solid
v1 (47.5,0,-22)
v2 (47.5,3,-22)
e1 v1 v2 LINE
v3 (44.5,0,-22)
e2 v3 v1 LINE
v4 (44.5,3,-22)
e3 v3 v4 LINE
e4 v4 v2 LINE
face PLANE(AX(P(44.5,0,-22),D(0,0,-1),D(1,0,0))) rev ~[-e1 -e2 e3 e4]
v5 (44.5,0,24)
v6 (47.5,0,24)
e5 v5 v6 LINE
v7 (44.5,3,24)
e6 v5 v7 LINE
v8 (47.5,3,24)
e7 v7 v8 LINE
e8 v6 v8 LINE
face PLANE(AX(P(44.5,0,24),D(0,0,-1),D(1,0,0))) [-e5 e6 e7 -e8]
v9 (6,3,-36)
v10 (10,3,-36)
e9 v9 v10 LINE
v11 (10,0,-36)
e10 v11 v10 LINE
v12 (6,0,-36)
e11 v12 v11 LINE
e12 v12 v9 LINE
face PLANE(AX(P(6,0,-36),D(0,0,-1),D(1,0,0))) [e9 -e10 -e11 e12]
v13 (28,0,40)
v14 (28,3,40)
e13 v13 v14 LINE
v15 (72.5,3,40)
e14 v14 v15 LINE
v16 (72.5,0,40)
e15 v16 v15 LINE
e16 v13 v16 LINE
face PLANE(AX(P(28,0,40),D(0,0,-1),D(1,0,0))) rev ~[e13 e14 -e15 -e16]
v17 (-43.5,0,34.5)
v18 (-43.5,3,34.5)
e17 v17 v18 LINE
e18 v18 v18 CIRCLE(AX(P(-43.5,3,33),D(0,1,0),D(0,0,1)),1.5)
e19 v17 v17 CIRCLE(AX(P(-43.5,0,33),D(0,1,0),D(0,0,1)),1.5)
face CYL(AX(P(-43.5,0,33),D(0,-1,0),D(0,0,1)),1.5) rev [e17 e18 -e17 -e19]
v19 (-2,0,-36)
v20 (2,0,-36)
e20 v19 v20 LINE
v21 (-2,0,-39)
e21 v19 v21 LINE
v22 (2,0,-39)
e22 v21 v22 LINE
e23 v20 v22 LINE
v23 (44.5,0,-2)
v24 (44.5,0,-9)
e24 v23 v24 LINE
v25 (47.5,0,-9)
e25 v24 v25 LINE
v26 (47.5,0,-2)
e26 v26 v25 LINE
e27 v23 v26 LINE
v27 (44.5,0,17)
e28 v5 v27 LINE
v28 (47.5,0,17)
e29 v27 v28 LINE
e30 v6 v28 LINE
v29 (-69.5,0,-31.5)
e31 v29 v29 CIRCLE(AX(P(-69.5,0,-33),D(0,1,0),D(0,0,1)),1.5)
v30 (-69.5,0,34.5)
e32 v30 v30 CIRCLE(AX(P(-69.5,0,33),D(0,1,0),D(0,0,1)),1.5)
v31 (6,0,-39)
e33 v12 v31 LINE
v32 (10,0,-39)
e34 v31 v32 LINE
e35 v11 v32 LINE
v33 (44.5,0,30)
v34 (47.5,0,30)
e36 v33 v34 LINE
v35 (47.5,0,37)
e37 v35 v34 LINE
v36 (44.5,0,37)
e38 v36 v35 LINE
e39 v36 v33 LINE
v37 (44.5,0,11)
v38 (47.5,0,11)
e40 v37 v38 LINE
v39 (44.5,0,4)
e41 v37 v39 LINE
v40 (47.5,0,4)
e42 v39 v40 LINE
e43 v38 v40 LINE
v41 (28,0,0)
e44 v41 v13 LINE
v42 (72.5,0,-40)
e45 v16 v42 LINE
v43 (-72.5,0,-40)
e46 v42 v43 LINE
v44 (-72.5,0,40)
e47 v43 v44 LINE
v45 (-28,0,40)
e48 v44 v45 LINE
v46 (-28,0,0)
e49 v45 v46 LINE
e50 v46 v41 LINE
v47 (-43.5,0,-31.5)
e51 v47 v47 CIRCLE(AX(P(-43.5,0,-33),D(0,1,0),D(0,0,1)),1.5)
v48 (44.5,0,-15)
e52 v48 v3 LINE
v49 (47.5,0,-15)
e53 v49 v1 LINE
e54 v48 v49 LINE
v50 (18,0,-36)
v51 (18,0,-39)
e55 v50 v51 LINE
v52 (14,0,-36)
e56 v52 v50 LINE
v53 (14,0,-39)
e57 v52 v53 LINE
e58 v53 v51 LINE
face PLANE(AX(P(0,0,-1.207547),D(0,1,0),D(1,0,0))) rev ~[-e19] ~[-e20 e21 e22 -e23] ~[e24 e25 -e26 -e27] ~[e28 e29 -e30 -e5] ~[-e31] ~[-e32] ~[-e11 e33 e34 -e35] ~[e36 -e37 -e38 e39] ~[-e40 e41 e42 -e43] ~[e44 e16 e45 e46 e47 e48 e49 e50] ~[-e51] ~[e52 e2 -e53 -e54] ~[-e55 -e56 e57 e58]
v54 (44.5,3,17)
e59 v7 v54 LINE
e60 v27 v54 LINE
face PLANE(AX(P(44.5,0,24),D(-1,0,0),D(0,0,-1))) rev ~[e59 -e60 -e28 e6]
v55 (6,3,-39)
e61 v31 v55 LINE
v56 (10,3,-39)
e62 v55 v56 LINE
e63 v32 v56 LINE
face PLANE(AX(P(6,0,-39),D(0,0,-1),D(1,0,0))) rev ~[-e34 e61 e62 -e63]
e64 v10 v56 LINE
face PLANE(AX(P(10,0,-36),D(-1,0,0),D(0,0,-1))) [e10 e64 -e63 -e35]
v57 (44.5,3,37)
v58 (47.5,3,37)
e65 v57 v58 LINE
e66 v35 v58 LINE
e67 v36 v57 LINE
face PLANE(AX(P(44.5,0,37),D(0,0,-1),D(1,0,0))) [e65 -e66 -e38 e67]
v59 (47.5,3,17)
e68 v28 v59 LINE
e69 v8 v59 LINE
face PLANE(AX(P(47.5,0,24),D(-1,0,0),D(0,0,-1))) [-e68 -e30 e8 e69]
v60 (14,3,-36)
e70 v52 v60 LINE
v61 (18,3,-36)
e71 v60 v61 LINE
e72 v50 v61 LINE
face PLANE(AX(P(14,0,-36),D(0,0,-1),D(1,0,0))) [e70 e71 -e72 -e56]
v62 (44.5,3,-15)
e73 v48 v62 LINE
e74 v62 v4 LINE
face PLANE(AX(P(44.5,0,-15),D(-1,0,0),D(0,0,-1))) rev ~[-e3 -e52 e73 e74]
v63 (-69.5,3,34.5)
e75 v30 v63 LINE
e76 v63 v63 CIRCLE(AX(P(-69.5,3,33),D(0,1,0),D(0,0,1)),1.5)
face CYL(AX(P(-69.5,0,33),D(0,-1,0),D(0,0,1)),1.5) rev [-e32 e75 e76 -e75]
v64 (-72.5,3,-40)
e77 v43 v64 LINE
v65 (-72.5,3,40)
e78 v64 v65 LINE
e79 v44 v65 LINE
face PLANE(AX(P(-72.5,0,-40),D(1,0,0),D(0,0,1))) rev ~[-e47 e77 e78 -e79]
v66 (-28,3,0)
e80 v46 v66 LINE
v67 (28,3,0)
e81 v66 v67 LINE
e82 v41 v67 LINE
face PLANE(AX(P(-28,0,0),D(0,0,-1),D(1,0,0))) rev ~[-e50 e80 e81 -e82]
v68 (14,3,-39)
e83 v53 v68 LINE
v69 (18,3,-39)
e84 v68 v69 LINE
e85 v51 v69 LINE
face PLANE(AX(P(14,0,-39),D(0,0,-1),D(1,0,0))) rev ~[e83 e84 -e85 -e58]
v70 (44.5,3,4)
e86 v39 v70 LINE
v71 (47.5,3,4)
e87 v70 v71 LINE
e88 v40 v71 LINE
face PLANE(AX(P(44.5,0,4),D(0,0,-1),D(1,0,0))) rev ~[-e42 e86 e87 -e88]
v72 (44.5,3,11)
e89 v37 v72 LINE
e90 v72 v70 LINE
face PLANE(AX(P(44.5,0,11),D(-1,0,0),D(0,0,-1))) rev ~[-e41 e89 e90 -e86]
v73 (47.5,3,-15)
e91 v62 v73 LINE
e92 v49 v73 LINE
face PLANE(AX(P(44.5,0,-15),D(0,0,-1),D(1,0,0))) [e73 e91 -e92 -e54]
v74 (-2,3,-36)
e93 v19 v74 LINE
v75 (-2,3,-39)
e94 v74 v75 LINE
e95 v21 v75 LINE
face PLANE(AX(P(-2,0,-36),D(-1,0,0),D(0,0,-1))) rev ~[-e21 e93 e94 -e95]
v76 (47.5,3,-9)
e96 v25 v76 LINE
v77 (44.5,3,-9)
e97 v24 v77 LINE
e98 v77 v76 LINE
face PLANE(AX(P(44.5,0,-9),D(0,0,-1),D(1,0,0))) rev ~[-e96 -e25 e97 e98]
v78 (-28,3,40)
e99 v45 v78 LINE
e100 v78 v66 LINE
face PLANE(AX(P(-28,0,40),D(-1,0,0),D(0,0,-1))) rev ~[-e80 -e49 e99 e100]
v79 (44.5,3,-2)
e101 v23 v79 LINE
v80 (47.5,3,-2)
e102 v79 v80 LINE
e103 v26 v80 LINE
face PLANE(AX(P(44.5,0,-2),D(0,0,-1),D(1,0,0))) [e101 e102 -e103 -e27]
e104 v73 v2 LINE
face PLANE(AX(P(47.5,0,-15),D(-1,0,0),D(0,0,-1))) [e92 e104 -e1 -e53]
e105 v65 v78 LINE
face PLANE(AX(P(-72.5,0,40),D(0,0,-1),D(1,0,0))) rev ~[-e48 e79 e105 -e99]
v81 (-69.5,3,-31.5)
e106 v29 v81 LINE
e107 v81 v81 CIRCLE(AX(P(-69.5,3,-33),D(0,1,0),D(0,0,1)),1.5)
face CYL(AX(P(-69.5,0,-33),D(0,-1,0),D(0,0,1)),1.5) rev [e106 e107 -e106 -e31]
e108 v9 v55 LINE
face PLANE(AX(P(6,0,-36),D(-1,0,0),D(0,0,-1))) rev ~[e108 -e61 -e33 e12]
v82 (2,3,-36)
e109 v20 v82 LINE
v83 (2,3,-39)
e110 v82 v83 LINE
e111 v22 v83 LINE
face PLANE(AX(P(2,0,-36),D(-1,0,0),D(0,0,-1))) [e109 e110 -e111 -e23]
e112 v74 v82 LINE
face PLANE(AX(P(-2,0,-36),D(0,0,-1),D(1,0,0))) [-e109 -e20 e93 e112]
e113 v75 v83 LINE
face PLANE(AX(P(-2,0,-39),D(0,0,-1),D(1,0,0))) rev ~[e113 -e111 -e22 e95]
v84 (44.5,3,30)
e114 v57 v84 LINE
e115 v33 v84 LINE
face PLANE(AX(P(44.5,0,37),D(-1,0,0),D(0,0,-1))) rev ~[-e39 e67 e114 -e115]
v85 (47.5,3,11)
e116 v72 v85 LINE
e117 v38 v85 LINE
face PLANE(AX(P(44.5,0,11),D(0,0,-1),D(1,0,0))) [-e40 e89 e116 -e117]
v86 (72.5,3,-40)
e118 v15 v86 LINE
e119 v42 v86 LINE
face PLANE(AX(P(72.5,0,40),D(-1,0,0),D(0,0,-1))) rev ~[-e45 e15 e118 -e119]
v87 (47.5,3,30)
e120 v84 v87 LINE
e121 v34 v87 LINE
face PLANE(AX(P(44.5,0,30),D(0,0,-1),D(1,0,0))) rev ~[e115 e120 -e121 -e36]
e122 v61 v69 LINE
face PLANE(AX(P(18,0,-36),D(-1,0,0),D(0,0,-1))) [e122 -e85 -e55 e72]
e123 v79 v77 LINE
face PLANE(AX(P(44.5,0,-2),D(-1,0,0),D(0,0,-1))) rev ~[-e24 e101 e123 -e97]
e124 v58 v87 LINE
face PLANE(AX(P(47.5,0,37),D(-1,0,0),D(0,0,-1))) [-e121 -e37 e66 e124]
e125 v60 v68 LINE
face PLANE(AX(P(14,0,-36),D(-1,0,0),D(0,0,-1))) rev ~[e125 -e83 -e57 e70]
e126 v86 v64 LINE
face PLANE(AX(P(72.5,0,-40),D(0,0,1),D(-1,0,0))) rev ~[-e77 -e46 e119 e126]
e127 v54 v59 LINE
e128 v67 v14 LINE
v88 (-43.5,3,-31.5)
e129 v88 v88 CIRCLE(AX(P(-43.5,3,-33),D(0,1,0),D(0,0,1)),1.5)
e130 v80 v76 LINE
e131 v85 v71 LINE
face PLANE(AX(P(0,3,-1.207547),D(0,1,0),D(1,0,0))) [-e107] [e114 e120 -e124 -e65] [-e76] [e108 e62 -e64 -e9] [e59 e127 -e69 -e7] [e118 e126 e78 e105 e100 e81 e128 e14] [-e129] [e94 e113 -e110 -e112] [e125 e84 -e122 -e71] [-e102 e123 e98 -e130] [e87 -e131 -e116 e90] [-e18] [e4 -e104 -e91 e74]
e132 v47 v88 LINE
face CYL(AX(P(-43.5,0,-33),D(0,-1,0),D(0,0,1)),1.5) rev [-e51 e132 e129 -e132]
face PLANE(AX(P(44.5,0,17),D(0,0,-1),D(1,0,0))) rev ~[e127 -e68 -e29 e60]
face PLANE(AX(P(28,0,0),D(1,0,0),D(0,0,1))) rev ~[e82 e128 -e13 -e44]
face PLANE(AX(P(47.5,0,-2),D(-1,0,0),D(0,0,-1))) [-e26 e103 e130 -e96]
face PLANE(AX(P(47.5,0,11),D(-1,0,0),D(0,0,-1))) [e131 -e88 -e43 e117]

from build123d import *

# Parameters (mm, degrees)
SKETCH1_R           = 1.5
SKETCH1_W           = 3
SKETCH1_H           = 7
SKETCH1_W_2         = 4
SKETCH1_H_2         = 3
BOSS_EXTRUDE1_DEPTH = 3


with BuildPart() as part:
    # Sketch1 → Boss-Extrude1 (new body)
    with BuildSketch(Plane(origin=(0, 0, 0), x_dir=(1, 0, 0), z_dir=(0, 1, 0))):
        Polygon((-72.5, -40), (-28, -40), (-28, 0), (28, 0), (28, -40), (72.5, -40), (72.5, 40), (-72.5, 40), align=None)
        with Locations(Location((-69.5, 33, 0), (0, 0, 270))):
            Circle(SKETCH1_R, mode=Mode.SUBTRACT)
        with Locations(Location((-43.5, 33, 0), (0, 0, 270))):
            Circle(SKETCH1_R, mode=Mode.SUBTRACT)
        with Locations(Location((-43.5, -33, 0), (0, 0, 270))):
            Circle(SKETCH1_R, mode=Mode.SUBTRACT)
        with Locations(Location((-69.5, -33, 0), (0, 0, 270))):
            Circle(SKETCH1_R, mode=Mode.SUBTRACT)
        with Locations((46, 5.5)):
            Rectangle(SKETCH1_W, SKETCH1_H, mode=Mode.SUBTRACT)
        with Locations((46, 18.5)):
            Rectangle(SKETCH1_W, SKETCH1_H, mode=Mode.SUBTRACT)
        with Locations((46, -7.5)):
            Rectangle(SKETCH1_W, SKETCH1_H, mode=Mode.SUBTRACT)
        with Locations((46, -20.5)):
            Rectangle(SKETCH1_W, SKETCH1_H, mode=Mode.SUBTRACT)
        with Locations((46, -33.5)):
            Rectangle(SKETCH1_W, SKETCH1_H, mode=Mode.SUBTRACT)
        with Locations((0, 37.5)):
            Rectangle(SKETCH1_W_2, SKETCH1_H_2, mode=Mode.SUBTRACT)
        with Locations((8, 37.5)):
            Rectangle(SKETCH1_W_2, SKETCH1_H_2, mode=Mode.SUBTRACT)
        with Locations((16, 37.5)):
            Rectangle(SKETCH1_W_2, SKETCH1_H_2, mode=Mode.SUBTRACT)
    extrude(amount=BOSS_EXTRUDE1_DEPTH)


solid = part.part
